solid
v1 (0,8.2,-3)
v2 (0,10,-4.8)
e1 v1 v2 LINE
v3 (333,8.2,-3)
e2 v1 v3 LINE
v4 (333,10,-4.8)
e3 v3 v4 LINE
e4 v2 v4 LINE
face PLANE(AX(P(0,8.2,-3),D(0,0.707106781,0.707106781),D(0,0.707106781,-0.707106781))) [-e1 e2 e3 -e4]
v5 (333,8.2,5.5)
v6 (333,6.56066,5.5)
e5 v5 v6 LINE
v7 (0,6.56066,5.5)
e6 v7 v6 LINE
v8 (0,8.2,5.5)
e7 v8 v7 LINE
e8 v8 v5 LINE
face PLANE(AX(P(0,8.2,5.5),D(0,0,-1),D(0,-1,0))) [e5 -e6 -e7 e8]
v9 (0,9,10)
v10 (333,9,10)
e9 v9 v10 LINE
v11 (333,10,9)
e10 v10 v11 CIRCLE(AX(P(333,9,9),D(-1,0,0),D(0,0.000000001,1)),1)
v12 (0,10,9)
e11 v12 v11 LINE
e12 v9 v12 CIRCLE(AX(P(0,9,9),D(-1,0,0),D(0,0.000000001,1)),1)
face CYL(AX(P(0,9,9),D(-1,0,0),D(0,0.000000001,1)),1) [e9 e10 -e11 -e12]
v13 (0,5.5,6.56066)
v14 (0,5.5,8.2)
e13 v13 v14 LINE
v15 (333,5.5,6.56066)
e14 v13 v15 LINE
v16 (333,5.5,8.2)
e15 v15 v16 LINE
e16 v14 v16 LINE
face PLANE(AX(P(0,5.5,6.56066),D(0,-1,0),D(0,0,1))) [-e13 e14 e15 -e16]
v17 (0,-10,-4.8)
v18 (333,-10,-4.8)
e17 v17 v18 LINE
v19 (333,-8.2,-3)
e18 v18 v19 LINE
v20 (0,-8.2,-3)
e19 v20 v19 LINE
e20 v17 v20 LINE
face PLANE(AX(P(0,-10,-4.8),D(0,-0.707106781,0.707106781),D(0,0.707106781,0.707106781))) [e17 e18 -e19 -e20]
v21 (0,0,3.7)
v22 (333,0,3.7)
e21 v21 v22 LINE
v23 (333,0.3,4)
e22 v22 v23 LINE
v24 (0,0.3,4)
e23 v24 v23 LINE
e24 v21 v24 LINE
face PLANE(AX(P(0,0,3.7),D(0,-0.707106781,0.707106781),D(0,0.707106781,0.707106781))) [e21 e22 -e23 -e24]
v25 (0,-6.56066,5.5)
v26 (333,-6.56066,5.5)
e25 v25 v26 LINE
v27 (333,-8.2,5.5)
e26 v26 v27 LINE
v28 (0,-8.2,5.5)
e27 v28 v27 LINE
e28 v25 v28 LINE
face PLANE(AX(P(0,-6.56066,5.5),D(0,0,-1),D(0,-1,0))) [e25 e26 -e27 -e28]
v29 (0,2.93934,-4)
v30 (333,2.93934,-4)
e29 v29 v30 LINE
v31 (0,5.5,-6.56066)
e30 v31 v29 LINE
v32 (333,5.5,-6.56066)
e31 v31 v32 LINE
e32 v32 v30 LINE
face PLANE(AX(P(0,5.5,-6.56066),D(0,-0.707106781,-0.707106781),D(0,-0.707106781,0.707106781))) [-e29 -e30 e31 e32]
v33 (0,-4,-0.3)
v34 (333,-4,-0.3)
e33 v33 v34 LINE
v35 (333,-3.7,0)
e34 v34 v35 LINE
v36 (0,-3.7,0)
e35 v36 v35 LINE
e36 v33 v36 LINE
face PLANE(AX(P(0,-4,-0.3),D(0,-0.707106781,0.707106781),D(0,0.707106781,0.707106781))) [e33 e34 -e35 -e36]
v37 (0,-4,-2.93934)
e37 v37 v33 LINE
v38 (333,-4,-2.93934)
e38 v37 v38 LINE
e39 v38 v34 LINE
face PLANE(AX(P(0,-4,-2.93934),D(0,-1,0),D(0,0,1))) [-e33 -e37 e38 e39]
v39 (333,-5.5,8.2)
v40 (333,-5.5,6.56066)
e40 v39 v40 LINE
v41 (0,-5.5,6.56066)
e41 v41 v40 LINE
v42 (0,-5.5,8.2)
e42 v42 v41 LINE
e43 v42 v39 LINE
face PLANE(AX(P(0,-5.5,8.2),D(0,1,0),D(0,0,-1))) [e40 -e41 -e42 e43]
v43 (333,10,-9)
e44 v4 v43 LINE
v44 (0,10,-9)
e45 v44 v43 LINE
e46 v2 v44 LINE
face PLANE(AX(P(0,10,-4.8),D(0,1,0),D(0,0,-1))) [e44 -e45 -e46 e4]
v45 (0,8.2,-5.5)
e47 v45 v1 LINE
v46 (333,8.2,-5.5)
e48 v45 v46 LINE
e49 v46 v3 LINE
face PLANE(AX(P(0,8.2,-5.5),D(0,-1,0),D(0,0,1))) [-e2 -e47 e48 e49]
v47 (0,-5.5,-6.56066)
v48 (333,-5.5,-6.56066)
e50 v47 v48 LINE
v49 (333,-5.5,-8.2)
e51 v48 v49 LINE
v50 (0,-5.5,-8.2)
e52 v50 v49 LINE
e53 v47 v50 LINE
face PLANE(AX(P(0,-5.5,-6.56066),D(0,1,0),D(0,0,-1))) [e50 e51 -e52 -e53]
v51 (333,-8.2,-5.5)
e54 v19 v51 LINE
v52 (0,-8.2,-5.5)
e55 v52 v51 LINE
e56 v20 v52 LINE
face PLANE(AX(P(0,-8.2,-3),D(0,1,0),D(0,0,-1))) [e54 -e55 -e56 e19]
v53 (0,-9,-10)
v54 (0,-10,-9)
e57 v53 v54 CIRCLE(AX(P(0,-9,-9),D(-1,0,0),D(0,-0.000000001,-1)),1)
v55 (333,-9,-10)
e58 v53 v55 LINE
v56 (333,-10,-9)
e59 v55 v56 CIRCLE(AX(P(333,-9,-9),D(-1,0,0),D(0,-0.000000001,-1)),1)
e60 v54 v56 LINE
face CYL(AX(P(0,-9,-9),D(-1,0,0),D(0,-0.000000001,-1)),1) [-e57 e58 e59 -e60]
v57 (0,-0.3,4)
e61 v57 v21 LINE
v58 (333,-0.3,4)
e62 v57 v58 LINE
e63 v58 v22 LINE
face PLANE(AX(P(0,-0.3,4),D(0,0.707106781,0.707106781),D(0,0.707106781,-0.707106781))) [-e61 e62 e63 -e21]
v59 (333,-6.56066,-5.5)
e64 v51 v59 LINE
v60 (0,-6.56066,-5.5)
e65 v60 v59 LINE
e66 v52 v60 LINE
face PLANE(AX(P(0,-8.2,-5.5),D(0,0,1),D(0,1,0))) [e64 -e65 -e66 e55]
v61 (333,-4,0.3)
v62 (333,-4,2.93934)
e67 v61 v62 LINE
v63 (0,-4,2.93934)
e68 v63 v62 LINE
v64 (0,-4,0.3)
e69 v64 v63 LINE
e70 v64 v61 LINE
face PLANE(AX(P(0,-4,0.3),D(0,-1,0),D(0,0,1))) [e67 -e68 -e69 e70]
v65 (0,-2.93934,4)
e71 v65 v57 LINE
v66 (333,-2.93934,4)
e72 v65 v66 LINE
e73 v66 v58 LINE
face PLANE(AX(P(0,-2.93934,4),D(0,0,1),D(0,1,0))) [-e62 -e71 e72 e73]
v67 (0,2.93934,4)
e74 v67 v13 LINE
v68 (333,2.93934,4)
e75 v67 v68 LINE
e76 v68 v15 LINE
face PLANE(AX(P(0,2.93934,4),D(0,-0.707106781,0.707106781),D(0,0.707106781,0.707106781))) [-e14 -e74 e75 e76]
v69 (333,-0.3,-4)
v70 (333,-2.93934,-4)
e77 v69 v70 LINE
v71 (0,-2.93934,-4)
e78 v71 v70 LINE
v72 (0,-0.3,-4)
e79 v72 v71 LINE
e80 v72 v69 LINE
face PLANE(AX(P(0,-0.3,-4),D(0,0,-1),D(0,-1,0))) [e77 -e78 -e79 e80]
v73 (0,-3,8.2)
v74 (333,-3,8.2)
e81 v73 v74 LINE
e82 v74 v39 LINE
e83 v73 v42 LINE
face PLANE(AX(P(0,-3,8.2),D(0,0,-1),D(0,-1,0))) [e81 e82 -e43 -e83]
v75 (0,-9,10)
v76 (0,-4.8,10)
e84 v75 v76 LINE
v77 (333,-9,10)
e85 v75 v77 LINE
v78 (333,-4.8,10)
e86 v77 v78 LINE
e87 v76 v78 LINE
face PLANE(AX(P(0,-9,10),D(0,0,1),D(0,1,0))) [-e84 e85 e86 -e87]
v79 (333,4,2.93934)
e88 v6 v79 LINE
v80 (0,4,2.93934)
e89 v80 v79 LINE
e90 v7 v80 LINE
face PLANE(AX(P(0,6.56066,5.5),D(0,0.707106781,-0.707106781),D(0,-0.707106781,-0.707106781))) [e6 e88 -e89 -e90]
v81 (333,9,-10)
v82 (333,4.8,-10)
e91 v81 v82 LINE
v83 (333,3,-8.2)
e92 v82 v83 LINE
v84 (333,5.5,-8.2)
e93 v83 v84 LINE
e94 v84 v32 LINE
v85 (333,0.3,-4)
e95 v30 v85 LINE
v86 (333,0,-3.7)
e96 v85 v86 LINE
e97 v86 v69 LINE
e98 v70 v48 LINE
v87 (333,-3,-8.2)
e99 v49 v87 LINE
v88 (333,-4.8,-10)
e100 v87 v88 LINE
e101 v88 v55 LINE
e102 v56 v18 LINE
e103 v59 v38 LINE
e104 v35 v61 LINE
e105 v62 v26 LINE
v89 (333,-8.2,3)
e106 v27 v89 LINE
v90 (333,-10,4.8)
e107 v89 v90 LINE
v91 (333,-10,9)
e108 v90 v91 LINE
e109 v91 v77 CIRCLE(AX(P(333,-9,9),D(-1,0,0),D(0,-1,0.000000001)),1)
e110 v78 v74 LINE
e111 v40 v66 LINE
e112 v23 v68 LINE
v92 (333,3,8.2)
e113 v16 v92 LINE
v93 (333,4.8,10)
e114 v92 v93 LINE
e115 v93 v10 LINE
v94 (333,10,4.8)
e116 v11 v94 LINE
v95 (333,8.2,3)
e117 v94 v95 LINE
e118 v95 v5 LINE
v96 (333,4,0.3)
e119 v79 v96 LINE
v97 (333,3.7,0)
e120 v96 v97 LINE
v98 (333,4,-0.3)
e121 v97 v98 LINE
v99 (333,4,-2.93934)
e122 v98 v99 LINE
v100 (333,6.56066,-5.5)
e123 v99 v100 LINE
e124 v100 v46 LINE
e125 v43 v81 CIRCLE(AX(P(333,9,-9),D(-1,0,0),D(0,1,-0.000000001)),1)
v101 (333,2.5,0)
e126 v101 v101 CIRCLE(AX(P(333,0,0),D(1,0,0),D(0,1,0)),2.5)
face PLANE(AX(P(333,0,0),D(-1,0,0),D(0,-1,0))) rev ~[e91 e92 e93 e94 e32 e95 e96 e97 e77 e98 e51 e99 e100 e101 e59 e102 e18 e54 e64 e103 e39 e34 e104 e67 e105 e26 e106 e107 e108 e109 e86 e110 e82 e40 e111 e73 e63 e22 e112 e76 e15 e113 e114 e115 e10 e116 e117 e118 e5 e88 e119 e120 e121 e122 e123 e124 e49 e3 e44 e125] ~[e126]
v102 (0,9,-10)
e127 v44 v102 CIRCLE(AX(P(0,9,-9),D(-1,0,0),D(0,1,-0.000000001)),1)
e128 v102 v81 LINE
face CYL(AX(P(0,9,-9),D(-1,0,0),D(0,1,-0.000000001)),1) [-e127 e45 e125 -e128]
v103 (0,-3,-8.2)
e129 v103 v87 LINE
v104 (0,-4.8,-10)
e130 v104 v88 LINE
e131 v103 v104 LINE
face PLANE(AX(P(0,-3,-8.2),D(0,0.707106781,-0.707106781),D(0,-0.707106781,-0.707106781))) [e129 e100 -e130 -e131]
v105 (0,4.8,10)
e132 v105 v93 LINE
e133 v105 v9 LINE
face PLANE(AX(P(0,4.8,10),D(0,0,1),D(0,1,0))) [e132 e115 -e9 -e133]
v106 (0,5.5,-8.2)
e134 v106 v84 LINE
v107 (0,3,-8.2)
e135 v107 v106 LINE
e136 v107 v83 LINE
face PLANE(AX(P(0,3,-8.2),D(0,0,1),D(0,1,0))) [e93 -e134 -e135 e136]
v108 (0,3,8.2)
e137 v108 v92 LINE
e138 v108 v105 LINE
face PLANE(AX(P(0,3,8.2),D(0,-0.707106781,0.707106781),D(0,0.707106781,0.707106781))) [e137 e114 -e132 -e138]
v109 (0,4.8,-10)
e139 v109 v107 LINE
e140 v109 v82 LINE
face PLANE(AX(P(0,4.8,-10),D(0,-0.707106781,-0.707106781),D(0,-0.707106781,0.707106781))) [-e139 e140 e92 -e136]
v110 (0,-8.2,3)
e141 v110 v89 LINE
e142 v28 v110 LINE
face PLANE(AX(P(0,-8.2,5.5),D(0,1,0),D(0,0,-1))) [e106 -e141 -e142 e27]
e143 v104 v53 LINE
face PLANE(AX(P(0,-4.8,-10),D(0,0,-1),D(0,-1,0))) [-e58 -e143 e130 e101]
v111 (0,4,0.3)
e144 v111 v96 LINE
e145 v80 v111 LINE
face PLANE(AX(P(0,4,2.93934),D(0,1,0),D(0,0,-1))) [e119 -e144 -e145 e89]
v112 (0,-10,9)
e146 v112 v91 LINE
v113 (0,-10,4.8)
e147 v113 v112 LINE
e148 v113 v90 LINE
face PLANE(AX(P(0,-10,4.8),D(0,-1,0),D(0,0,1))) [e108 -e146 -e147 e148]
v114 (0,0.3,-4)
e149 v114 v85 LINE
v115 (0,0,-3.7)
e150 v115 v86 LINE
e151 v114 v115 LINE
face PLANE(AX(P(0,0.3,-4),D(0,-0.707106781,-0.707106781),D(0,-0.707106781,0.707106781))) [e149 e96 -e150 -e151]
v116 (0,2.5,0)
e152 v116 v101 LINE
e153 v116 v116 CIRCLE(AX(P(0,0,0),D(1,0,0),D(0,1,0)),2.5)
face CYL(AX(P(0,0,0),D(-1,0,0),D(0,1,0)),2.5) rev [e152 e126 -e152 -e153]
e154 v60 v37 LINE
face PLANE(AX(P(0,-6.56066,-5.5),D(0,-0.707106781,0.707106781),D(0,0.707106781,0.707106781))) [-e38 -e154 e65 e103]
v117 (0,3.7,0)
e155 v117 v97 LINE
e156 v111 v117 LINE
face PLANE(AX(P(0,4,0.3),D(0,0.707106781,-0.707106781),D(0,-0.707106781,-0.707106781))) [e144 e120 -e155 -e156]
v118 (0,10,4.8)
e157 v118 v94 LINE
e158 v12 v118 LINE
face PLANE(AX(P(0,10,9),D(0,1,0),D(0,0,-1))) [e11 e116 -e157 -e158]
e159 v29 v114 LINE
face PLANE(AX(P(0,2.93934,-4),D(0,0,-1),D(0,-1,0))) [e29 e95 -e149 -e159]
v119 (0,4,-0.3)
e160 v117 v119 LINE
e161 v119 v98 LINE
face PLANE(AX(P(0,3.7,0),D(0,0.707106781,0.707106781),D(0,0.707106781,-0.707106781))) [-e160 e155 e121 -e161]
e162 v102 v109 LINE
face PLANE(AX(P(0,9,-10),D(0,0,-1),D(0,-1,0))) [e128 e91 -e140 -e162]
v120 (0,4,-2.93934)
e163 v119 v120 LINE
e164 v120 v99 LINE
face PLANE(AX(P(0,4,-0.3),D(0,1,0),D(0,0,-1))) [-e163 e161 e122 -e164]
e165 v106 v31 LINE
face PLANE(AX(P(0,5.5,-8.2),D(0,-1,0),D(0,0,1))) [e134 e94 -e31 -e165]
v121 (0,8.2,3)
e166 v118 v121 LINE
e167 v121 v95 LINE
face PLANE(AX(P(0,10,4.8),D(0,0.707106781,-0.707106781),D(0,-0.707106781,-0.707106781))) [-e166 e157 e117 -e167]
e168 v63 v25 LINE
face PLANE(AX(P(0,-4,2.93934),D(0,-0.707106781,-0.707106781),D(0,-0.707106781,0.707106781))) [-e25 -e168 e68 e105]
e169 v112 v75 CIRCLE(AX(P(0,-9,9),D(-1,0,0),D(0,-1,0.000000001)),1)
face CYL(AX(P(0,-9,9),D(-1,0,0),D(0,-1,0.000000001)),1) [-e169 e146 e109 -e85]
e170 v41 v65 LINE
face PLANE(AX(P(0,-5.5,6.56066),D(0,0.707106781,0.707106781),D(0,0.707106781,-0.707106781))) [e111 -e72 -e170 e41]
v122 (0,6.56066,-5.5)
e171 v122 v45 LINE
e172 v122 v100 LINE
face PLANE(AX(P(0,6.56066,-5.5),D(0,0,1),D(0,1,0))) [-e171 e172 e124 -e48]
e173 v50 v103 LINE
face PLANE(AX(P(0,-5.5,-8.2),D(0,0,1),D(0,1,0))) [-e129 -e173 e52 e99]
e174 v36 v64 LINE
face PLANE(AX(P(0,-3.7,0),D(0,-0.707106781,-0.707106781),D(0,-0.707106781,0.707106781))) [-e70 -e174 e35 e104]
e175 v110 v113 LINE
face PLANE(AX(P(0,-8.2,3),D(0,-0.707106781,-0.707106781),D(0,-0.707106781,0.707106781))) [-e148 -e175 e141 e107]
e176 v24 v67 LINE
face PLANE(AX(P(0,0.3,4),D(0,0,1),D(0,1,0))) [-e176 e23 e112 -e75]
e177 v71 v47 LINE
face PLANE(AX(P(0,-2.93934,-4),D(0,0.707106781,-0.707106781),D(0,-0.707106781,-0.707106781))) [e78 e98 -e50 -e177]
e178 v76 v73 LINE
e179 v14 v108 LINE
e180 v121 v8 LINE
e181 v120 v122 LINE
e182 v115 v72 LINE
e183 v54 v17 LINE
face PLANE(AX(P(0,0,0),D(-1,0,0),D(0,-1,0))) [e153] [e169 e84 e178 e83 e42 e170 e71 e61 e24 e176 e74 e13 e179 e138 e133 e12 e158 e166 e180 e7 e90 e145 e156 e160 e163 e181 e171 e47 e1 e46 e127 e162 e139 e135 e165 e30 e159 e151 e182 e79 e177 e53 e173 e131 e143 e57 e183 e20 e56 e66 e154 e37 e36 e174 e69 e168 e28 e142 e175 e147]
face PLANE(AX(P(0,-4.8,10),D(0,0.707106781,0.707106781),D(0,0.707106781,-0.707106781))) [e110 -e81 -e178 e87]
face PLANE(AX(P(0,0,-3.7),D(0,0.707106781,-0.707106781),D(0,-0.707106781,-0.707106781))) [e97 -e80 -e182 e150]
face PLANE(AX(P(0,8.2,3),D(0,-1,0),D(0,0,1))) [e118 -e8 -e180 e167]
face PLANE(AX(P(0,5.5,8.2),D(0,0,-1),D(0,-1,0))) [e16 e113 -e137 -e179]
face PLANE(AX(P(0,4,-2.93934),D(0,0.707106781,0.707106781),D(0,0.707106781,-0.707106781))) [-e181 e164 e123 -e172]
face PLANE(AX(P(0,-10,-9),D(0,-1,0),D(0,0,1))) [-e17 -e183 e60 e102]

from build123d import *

# Parameters (mm, degrees)
SKETCH11_R                                    = 2.5
C_USERS_USER_GOOGLE_DRIVE_13_INFORMA_ES_DEPTH = 333


with BuildPart() as part:
    # Sketch11 → C_USERS_USER_GOOGLE DRIVE_13. INFORMA_ES (new body)
    with BuildSketch(Plane.YZ):
        with BuildLine():
            Line((-4.8, 10), (-3, 8.2))
            Line((-3, 8.2), (-5.5, 8.2))
            Line((-5.5, 8.2), (-5.5, 6.560660172))
            Line((-5.5, 6.560660172), (-2.939339828, 4))
            Line((-2.939339828, 4), (-0.3, 4))
            Line((-0.3, 4), (0, 3.7))
            Line((0, 3.7), (0.3, 4))
            Line((0.3, 4), (2.939339828, 4))
            Line((2.939339828, 4), (5.5, 6.560660172))
            Line((5.5, 6.560660172), (5.5, 8.2))
            Line((5.5, 8.2), (3, 8.2))
            Line((3, 8.2), (4.8, 10))
            Line((4.8, 10), (9, 10))
            ThreePointArc((9, 10), (9.707106781, 9.707106781), (10, 9))
            Line((10, 9), (10, 4.8))
            Line((10, 4.8), (8.2, 3))
            Line((8.2, 3), (8.2, 5.5))
            Line((8.2, 5.5), (6.560660172, 5.5))
            Line((6.560660172, 5.5), (4, 2.939339828))
            Line((4, 2.939339828), (4, 0.3))
            Line((4, 0.3), (3.7, 0))
            Line((3.7, 0), (4, -0.3))
            Line((4, -0.3), (4, -2.939339828))
            Line((4, -2.939339828), (6.560660172, -5.5))
            Line((6.560660172, -5.5), (8.2, -5.5))
            Line((8.2, -5.5), (8.2, -3))
            Line((8.2, -3), (10, -4.8))
            Line((10, -4.8), (10, -9))
            ThreePointArc((10, -9), (9.707106781, -9.707106781), (9, -10))
            Line((9, -10), (4.8, -10))
            Line((4.8, -10), (3, -8.2))
            Line((3, -8.2), (5.5, -8.2))
            Line((5.5, -8.2), (5.5, -6.560660172))
            Line((5.5, -6.560660172), (2.939339828, -4))
            Line((2.939339828, -4), (0.3, -4))
            Line((0.3, -4), (0, -3.7))
            Line((0, -3.7), (-0.3, -4))
            Line((-0.3, -4), (-2.939339828, -4))
            Line((-2.939339828, -4), (-5.5, -6.560660172))
            Line((-5.5, -6.560660172), (-5.5, -8.2))
            Line((-5.5, -8.2), (-3, -8.2))
            Line((-3, -8.2), (-4.8, -10))
            Line((-4.8, -10), (-9, -10))
            ThreePointArc((-9, -10), (-9.707106781, -9.707106781), (-10, -9))
            Line((-10, -9), (-10, -4.8))
            Line((-10, -4.8), (-8.2, -3))
            Line((-8.2, -3), (-8.2, -5.5))
            Line((-8.2, -5.5), (-6.560660172, -5.5))
            Line((-6.560660172, -5.5), (-4, -2.939339828))
            Line((-4, -2.939339828), (-4, -0.3))
            Line((-4, -0.3), (-3.7, 0))
            Line((-3.7, 0), (-4, 0.3))
            Line((-4, 0.3), (-4, 2.939339828))
            Line((-4, 2.939339828), (-6.560660172, 5.5))
            Line((-6.560660172, 5.5), (-8.2, 5.5))
            Line((-8.2, 5.5), (-8.2, 3))
            Line((-8.2, 3), (-10, 4.8))
            Line((-10, 4.8), (-10, 9))
            ThreePointArc((-10, 9), (-9.707106781, 9.707106781), (-9, 10))
            Line((-9, 10), (-4.8, 10))
        make_face()
        Circle(SKETCH11_R, mode=Mode.SUBTRACT)
    extrude(amount=C_USERS_USER_GOOGLE_DRIVE_13_INFORMA_ES_DEPTH)


solid = part.part
